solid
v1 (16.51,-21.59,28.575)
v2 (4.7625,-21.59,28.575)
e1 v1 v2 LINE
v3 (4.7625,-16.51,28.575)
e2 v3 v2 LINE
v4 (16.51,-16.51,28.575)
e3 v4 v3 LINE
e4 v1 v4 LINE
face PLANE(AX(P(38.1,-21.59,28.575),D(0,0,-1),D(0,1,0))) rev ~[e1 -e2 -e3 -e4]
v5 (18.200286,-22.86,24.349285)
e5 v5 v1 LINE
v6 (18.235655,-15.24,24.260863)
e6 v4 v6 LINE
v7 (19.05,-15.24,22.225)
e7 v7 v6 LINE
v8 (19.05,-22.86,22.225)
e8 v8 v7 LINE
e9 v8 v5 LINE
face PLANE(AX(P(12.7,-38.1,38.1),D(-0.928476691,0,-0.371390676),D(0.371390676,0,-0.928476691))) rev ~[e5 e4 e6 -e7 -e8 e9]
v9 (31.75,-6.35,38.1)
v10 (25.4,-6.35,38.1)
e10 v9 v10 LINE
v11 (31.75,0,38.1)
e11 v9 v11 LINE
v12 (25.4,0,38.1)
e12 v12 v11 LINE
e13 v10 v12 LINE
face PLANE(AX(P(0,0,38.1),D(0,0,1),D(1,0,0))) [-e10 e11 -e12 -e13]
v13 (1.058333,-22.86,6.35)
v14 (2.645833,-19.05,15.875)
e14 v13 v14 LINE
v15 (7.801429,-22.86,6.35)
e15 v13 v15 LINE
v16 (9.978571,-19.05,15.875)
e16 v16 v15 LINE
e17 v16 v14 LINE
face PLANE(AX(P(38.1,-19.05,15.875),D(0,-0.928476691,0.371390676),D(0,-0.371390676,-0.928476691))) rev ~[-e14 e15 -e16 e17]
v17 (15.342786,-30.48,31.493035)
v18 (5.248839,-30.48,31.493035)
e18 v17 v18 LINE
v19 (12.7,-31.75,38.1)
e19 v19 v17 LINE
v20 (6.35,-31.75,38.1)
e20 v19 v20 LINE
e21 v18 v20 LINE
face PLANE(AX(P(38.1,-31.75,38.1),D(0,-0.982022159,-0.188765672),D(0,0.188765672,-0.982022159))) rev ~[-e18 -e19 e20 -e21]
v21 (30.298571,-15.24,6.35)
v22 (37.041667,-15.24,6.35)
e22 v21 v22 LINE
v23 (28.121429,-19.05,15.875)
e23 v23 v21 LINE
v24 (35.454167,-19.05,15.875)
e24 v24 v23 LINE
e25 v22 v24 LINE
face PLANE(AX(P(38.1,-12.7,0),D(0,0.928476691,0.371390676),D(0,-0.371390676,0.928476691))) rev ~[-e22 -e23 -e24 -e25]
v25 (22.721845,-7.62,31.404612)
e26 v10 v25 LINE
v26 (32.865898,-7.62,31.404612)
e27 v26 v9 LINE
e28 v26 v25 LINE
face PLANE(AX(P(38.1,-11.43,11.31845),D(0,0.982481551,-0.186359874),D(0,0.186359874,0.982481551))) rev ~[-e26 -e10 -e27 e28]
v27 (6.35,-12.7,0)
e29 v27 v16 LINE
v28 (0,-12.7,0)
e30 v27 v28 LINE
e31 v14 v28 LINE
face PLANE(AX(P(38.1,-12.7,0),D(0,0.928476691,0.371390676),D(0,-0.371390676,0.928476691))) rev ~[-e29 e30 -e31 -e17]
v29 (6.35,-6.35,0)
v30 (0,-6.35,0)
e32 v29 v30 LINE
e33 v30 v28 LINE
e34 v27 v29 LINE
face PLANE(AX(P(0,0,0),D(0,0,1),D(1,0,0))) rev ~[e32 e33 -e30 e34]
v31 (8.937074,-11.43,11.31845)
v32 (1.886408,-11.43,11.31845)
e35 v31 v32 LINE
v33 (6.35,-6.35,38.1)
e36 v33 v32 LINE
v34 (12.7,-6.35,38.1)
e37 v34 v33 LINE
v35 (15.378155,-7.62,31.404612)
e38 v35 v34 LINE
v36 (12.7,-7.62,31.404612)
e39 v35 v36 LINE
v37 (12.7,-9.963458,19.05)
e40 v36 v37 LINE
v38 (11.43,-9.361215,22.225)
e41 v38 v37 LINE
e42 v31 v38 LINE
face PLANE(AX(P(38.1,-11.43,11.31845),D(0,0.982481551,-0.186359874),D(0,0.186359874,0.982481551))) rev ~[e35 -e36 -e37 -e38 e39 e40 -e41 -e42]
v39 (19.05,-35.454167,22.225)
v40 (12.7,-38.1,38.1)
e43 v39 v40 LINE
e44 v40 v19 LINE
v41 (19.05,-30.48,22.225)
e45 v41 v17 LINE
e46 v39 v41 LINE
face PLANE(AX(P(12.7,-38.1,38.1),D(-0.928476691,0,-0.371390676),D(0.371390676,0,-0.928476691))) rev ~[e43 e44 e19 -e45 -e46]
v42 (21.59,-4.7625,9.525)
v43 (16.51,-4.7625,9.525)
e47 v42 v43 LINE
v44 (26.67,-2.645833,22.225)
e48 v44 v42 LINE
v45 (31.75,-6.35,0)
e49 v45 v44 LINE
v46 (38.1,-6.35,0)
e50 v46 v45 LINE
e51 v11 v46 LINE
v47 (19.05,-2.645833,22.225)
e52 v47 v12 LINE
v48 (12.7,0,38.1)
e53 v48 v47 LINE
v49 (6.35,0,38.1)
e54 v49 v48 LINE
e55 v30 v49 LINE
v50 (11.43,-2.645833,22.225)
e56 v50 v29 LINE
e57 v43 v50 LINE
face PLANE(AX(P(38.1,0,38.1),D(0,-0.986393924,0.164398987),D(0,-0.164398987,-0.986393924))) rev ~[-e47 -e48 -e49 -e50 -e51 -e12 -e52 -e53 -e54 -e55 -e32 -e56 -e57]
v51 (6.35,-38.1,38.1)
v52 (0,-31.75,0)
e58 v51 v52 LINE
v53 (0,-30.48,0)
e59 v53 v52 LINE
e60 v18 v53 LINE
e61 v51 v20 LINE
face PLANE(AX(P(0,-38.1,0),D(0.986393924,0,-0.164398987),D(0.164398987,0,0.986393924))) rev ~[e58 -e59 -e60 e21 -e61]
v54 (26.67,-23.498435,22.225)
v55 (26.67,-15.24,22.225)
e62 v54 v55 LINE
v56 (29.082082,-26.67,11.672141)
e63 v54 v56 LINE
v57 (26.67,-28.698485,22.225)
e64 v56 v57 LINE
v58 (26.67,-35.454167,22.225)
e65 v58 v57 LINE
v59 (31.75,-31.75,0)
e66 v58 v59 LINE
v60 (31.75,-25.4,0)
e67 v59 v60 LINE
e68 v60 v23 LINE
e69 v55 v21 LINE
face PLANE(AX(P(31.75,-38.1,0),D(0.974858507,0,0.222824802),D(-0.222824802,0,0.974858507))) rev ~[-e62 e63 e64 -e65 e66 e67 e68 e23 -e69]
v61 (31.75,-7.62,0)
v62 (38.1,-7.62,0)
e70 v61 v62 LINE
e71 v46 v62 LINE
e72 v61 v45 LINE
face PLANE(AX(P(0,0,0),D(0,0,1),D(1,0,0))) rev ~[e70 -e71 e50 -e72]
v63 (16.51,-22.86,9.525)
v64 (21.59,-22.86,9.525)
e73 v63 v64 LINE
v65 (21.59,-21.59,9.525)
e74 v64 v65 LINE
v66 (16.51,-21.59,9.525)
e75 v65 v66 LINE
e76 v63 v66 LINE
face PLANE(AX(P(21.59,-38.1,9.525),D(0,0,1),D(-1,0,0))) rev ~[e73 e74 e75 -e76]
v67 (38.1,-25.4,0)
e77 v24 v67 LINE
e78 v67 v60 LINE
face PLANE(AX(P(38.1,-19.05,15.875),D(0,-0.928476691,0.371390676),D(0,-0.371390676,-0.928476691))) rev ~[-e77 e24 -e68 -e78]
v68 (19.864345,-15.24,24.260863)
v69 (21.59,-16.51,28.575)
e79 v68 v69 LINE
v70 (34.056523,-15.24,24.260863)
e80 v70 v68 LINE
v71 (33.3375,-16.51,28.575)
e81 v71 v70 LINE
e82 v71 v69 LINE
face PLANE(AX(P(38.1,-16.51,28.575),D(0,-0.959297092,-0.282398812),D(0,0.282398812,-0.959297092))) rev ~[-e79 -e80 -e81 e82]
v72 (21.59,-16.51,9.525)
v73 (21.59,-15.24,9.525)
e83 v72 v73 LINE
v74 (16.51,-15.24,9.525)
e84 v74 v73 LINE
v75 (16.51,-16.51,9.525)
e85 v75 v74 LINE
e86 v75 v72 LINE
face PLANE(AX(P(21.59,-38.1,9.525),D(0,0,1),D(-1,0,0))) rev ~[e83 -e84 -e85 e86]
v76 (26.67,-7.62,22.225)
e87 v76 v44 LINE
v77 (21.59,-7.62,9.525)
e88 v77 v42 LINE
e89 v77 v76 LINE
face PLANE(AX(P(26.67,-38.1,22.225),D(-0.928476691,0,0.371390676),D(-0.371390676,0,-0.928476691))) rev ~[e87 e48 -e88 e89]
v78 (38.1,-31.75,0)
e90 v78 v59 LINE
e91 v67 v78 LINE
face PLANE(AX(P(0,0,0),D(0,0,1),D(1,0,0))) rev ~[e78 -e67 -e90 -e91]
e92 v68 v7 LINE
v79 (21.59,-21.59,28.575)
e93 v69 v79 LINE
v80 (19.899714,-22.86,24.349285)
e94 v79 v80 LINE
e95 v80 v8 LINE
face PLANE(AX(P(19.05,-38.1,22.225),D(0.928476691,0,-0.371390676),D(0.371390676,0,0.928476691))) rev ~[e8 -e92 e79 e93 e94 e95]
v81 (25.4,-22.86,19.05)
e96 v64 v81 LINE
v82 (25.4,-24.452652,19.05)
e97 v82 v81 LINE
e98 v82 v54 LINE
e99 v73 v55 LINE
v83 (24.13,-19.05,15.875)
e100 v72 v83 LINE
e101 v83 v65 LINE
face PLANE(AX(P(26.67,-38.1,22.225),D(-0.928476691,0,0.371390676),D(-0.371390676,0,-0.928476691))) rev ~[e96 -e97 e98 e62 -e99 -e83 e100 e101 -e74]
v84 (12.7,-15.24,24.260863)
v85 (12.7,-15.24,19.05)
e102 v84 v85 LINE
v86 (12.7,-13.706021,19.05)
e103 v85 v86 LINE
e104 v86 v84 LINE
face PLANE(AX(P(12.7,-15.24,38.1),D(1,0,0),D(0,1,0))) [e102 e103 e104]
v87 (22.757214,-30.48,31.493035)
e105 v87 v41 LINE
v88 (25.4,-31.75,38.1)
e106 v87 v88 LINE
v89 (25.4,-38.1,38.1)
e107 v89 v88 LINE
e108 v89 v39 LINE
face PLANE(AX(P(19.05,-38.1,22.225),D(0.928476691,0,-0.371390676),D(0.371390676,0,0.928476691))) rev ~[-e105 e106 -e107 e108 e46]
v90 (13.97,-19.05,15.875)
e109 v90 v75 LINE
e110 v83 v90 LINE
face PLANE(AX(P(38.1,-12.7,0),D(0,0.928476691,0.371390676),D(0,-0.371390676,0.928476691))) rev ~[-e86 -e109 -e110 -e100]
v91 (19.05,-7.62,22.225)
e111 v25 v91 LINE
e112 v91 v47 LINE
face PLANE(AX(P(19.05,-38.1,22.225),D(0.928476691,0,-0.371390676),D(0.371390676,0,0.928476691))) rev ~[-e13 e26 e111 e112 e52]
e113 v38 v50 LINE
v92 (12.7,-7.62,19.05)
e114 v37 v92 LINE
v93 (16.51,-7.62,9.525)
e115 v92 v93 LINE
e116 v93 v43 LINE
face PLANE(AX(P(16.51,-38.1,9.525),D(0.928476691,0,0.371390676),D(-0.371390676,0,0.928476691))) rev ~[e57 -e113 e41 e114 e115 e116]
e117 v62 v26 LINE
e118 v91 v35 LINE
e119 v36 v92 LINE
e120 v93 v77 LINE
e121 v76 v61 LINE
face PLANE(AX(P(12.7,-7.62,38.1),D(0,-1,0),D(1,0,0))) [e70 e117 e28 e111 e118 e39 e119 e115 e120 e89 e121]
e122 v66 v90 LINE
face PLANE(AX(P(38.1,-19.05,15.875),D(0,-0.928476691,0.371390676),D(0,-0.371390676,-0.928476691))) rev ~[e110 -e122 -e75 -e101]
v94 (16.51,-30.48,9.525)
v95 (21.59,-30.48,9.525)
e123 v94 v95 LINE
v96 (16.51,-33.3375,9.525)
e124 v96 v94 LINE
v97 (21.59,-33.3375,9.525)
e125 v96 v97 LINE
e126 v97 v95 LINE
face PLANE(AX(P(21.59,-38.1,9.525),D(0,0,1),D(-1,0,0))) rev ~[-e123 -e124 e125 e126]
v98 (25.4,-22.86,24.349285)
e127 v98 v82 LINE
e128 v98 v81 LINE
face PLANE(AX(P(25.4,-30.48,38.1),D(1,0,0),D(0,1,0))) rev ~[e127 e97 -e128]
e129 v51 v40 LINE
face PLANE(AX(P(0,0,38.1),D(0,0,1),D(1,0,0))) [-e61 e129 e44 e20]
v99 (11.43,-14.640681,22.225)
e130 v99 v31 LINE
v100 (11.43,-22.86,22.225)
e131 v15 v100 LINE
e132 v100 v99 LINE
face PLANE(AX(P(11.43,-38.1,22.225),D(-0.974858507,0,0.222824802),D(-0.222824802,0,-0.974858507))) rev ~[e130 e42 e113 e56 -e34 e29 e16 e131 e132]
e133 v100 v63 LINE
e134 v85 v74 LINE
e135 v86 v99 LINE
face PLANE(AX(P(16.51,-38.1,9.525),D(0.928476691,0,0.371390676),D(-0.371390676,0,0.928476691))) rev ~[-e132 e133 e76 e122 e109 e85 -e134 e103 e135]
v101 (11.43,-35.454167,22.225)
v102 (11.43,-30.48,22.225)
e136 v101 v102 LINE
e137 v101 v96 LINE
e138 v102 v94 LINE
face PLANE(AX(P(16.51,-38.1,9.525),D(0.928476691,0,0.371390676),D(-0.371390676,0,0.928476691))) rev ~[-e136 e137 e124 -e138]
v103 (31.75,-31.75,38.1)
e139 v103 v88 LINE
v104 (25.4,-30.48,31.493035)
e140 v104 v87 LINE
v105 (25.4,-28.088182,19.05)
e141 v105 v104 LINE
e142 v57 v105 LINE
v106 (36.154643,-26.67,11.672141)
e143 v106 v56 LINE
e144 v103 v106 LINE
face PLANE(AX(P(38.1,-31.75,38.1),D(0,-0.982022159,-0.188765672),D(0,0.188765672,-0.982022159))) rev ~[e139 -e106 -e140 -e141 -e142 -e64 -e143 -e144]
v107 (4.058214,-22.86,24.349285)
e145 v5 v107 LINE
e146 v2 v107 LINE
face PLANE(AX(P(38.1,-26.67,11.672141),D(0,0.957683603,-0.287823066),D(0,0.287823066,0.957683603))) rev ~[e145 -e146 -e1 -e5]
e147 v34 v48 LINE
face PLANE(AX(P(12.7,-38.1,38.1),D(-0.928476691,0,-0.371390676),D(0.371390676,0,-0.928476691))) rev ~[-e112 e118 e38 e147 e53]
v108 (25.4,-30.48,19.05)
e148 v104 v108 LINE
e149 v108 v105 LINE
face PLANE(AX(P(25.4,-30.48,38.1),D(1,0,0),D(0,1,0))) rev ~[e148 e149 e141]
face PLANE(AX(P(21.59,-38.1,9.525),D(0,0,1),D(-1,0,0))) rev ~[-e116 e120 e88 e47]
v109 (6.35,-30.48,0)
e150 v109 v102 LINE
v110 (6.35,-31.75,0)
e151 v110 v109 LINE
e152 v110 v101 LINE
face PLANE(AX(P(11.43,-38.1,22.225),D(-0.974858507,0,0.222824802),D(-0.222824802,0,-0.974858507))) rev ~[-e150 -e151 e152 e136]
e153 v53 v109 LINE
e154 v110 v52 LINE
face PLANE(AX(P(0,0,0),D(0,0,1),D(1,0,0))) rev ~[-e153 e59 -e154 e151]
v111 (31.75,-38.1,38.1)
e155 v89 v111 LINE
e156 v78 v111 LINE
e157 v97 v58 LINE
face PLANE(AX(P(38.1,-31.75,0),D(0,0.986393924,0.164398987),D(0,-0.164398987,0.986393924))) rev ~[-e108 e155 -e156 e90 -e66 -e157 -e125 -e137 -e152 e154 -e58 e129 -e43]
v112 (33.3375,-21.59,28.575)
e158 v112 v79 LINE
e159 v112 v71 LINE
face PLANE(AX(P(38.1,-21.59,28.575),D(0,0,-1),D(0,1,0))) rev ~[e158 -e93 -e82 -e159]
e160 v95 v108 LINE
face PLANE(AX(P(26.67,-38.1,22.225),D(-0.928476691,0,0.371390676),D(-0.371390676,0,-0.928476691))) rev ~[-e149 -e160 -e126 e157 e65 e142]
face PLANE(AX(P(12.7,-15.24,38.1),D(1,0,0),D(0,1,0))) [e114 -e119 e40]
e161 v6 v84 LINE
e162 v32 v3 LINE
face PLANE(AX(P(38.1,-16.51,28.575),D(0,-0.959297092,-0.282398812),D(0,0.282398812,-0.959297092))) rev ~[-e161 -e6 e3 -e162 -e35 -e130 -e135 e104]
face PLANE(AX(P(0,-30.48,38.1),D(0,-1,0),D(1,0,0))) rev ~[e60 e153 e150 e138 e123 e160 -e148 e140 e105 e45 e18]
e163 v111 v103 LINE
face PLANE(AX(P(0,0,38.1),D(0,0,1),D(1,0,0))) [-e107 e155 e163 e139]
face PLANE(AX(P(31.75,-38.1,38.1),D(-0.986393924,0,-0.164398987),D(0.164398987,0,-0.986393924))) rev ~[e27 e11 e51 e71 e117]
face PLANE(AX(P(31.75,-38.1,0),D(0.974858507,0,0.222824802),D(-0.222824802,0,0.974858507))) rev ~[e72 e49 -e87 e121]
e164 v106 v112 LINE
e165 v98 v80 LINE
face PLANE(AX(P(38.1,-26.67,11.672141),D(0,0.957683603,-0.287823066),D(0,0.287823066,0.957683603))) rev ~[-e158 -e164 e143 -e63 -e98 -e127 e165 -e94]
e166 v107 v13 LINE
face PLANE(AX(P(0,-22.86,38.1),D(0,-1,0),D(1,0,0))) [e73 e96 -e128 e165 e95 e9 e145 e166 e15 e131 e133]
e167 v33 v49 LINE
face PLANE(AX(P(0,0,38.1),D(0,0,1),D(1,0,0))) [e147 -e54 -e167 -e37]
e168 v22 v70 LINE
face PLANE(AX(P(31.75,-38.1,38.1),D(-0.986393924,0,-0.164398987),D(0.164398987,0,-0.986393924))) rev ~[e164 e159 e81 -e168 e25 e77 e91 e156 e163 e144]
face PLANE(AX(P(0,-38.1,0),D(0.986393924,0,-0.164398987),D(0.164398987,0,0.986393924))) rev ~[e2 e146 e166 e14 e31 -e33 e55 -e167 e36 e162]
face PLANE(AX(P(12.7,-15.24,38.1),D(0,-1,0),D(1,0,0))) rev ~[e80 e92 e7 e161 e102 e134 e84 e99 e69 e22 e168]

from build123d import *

# Parameters (mm, degrees)
F0_W      = 38.1
F0_H      = 38.1
F1_DEPTH  = 38.1
F6_DEPTH  = 50.8
F8_DEPTH  = 38.1
F9_W      = 25.4
F9_H      = 7.62
F10_DEPTH = 38.1


with BuildPart() as f1:
    # F0 (on Front) → F1 (new body)
    with BuildSketch(Plane.XZ):
        with Locations((19.05, 19.05)):
            Rectangle(F0_W, F0_H)
    extrude(amount=F1_DEPTH)

    # F5 (on offset) → F6 (cut)
    with BuildSketch(Plane.YZ.offset(38.1)):
        Polygon((-11.43, 11.31845), (-6.35, 38.1), (-31.75, 38.1), (-26.67, 11.672141), (-21.59, 28.575), (-16.51, 28.575), align=None)
        Polygon((-31.75, 0), (-38.1, 38.1), (-38.1, 0), align=None)
        Polygon((-25.4, 0), (-12.7, 0), (-19.05, 15.875), align=None)
        Polygon((-6.35, 0), (0, 0), (0, 38.1), align=None)
    extrude(amount=-F6_DEPTH, mode=Mode.SUBTRACT)

    # F7 (on offset) → F8 (cut)
    with BuildSketch(Plane.XZ.offset(38.1)):
        Polygon((0, 38.1), (0, 0), (6.35, 38.1), align=None)
        Polygon((25.4, 38.1), (12.7, 38.1), (19.05, 22.225), align=None)
        Polygon((31.75, 38.1), (38.1, 0), (38.1, 38.1), align=None)
        Polygon((11.43, 22.225), (6.35, 0), (31.75, 0), (26.67, 22.225), (21.59, 9.525), (16.51, 9.525), align=None)
    extrude(amount=-F8_DEPTH, mode=Mode.SUBTRACT)

    # F9 (on offset) → F10 (cut)
    with BuildSketch(Plane.XY.offset(38.1)):
        with Locations((12.7, -26.67)):
            Rectangle(F9_W, F9_H)
        with Locations((25.4, -11.43)):
            Rectangle(F9_W, F9_H)
    extrude(amount=-F10_DEPTH, mode=Mode.SUBTRACT)


solid = f1.part
